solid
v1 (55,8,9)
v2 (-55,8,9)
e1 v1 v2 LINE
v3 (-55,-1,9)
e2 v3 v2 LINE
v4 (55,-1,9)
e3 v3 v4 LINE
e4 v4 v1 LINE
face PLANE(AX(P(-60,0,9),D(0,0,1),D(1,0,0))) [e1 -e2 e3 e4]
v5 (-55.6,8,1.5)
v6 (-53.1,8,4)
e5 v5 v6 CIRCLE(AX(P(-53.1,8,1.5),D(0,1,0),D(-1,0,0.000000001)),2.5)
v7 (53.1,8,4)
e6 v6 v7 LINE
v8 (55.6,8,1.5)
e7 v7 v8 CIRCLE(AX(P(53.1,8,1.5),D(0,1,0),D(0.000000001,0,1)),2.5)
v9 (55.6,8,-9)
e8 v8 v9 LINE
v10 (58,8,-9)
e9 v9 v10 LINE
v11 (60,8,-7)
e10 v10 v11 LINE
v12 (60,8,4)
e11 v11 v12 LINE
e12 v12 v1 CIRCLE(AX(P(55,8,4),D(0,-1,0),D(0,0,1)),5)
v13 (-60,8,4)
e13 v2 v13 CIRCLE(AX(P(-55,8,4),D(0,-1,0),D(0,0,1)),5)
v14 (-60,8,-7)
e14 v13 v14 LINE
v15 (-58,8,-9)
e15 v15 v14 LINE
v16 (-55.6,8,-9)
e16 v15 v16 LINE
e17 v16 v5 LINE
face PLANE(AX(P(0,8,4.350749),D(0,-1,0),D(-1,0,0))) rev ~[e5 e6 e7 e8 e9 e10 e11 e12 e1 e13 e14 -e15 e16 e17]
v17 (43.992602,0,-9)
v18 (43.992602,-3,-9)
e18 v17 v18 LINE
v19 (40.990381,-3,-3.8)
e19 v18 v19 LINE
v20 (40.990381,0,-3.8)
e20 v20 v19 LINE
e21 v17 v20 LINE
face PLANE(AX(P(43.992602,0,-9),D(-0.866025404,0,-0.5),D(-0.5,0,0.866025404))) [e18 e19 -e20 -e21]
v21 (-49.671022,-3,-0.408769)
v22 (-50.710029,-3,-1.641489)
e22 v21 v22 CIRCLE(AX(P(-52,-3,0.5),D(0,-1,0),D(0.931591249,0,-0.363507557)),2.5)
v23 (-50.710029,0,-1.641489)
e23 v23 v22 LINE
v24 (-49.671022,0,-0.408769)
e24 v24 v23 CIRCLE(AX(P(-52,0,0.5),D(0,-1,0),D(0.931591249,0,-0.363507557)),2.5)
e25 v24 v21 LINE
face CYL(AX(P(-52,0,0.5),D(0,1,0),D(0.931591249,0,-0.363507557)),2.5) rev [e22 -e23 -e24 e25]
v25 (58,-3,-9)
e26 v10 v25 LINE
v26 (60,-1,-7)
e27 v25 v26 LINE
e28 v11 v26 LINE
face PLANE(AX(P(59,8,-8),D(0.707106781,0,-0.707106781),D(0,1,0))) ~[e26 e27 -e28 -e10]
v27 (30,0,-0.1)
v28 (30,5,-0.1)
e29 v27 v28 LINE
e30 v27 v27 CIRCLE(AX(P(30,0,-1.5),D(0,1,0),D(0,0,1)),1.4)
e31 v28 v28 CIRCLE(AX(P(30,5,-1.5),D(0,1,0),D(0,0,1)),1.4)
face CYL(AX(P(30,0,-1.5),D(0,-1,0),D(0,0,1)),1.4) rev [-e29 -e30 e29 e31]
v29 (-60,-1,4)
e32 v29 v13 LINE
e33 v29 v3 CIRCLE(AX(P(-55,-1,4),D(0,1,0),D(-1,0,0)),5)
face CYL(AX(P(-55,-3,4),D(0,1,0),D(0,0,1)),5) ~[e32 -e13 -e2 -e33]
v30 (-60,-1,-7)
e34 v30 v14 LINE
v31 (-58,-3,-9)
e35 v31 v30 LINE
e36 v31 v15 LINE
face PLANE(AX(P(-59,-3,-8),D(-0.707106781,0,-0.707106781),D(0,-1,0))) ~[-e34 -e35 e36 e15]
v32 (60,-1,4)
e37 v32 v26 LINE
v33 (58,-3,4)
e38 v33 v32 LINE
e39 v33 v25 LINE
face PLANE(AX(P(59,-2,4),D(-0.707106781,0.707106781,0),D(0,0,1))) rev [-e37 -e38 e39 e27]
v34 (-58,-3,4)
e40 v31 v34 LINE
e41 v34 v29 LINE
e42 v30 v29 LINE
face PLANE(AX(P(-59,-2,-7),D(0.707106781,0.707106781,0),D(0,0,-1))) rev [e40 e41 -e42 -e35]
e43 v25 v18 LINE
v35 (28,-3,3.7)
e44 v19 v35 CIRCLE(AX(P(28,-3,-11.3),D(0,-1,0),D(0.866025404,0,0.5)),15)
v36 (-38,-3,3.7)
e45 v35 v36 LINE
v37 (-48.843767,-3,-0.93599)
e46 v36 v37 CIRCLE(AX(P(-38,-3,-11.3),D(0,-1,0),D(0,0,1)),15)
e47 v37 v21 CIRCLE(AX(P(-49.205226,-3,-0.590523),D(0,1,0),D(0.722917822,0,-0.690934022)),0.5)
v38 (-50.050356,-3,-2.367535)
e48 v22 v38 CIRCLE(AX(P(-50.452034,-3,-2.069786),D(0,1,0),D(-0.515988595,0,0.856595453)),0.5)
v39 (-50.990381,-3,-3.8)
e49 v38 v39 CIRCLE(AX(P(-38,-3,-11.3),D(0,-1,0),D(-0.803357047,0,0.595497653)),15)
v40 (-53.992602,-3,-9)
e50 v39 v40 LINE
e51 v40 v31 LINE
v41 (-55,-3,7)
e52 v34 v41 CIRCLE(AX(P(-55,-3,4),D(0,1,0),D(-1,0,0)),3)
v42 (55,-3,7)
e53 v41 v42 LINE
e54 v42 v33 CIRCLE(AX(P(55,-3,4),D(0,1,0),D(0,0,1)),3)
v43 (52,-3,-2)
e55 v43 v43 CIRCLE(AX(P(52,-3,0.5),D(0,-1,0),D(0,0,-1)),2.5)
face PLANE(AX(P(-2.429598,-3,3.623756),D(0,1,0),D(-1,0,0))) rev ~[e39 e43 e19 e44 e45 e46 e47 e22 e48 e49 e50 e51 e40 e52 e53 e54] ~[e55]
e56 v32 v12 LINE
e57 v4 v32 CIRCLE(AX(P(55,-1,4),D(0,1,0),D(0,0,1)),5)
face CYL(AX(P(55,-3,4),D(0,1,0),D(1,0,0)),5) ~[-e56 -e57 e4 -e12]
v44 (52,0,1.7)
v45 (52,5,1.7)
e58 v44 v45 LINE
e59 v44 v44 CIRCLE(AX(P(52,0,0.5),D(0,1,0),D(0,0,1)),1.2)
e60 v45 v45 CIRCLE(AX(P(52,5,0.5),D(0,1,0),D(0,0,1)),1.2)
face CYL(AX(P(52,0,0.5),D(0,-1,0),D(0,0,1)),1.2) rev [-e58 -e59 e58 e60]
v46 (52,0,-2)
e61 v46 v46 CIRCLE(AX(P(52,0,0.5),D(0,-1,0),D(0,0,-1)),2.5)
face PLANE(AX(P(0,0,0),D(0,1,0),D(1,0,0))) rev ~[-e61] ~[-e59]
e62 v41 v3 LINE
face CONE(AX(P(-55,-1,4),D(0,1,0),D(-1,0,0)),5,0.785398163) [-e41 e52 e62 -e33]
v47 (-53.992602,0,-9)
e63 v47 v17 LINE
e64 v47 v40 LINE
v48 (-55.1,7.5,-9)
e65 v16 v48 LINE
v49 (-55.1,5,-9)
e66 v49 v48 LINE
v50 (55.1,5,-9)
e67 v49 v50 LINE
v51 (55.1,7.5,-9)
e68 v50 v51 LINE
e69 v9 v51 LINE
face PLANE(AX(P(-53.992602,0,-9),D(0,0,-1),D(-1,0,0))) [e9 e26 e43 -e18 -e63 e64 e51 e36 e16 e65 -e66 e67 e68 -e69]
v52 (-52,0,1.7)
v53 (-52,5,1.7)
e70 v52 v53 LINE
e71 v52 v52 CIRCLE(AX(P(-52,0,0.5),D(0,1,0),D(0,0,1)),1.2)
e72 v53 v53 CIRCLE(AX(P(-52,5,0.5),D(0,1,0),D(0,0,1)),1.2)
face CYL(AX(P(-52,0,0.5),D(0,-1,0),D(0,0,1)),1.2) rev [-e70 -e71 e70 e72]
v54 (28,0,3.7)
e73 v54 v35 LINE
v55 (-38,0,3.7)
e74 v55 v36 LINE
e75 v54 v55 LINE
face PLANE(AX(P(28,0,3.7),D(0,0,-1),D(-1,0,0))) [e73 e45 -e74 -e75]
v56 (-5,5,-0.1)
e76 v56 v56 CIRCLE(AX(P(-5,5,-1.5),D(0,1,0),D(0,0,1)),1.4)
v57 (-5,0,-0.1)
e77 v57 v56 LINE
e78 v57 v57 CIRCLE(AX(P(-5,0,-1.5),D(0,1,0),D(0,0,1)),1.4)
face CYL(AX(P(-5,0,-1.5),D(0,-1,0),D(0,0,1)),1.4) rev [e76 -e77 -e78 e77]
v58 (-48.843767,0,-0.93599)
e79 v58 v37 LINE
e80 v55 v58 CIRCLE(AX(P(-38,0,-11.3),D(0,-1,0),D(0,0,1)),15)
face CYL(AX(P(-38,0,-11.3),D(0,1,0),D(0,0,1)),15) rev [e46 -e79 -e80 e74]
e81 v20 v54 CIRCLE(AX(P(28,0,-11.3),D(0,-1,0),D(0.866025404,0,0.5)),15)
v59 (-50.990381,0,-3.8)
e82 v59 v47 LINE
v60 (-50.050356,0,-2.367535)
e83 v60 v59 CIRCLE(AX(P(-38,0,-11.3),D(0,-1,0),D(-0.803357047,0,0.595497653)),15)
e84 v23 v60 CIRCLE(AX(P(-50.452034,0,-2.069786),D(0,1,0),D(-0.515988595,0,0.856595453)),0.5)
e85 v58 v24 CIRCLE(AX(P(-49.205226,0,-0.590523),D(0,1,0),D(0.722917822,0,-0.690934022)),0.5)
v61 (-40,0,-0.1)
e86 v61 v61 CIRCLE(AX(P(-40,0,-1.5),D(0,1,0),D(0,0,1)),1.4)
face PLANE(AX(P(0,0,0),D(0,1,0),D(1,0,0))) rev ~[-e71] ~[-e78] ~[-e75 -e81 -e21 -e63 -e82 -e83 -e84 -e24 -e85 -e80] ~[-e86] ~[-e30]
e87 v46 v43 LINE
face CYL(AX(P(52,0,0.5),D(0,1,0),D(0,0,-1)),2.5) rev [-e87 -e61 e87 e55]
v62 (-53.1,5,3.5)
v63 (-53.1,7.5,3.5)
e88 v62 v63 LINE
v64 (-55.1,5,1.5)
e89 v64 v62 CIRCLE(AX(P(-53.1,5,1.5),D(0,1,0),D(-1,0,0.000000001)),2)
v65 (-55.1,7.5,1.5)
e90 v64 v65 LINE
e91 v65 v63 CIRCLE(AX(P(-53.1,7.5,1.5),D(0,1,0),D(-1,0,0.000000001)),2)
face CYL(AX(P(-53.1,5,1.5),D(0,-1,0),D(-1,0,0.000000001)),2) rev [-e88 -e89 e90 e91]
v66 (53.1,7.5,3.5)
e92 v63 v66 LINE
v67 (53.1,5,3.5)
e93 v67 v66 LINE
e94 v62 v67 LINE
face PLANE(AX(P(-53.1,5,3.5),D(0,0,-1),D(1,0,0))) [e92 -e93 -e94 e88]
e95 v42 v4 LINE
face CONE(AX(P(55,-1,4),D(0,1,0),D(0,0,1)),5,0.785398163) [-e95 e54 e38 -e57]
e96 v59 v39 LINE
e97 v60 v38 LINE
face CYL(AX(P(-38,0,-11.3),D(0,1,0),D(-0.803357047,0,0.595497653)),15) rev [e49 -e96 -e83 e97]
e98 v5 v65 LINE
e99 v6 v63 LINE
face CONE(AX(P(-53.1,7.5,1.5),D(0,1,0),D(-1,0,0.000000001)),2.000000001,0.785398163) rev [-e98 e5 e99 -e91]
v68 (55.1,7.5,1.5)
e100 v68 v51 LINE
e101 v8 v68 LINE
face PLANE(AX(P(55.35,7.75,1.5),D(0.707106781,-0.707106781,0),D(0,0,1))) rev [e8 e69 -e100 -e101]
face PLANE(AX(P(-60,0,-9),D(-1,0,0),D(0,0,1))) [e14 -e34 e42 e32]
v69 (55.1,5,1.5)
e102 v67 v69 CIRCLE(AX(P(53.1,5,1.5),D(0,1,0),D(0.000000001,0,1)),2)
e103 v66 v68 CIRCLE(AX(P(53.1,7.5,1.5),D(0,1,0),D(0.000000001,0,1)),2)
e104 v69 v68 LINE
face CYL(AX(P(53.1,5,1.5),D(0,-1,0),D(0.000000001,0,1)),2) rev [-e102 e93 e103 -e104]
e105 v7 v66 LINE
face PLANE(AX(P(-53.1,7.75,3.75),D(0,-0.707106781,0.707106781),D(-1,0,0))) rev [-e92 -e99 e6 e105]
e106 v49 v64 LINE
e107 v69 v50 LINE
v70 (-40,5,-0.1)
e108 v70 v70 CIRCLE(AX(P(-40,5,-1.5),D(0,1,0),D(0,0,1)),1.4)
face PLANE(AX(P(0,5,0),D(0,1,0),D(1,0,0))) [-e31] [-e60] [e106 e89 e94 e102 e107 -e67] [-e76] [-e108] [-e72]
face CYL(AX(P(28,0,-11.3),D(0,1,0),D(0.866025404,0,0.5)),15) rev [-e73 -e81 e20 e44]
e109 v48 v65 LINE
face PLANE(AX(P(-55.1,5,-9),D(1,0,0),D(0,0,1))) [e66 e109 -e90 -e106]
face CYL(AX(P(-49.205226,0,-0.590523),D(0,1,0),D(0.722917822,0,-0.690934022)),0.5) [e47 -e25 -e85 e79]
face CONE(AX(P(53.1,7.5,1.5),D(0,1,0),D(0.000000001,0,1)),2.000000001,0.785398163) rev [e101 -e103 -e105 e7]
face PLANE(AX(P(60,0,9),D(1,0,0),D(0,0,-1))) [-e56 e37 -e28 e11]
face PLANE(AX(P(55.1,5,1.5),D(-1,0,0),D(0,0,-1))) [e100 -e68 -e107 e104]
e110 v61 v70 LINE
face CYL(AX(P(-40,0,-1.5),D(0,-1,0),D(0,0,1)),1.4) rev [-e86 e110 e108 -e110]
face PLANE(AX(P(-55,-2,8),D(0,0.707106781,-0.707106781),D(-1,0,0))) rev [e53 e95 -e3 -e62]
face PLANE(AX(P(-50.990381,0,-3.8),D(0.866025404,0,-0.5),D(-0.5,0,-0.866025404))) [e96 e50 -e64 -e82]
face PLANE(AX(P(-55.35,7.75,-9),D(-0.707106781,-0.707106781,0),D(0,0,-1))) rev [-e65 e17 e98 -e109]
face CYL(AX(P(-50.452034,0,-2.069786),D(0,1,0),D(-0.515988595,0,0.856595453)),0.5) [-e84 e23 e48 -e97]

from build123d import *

# Parameters (mm, degrees)
SKETCH_1_W      = 120
SKETCH_1_H      = 18
SKETCH_1_R      = 1.4
SKETCH_1_R_2    = 1.2
EXTRUDE_1_DEPTH = 5
EXTRUDE_2_DEPTH = 3
SKETCH_3_R      = 2.5
EXTRUDE_3_DEPTH = 3
FILLET_1_R      = 5
CHAMFER_1_SIZE  = 0.5
CHAMFER_2_SIZE  = 2
CHAMFER_3_SIZE  = 2


with BuildPart() as part:
    # 草图1 → 凸台-拉伸1 (new body)
    with BuildSketch(Plane(origin=(0, 0, 0), x_dir=(1, 0, 0), z_dir=(0, 1, 0))):
        Rectangle(SKETCH_1_W, SKETCH_1_H)
        with Locations((30, 1.5)):
            Circle(SKETCH_1_R, mode=Mode.SUBTRACT)
        with Locations((-5, 1.5)):
            Circle(SKETCH_1_R, mode=Mode.SUBTRACT)
        with Locations((-40, 1.5)):
            Circle(SKETCH_1_R, mode=Mode.SUBTRACT)
        with Locations((52, -0.5)):
            Circle(SKETCH_1_R_2, mode=Mode.SUBTRACT)
        with Locations((-52, -0.5)):
            Circle(SKETCH_1_R_2, mode=Mode.SUBTRACT)
    extrude(amount=EXTRUDE_1_DEPTH)

    # 草图2 → 凸台-拉伸2 (add)
    with BuildSketch(Plane(origin=(0, 5, 0), x_dir=(1, 0, 0), z_dir=(0, 1, 0))):
        with BuildLine():
            Line((-55.1, 9), (-55.1, -1.5))
            ThreePointArc((-55.1, -1.5), (-54.514213562, -2.914213562), (-53.1, -3.5))
            Line((-53.1, -3.5), (53.1, -3.5))
            ThreePointArc((53.1, -3.5), (54.514213562, -2.914213562), (55.1, -1.5))
            Line((55.1, -1.5), (55.1, 9))
            Line((55.1, 9), (60, 9))
            Line((60, 9), (60, -9))
            Line((60, -9), (-60, -9))
            Line((-60, -9), (-60, 9))
            Line((-60, 9), (-55.1, 9))
        make_face()
    extrude(amount=EXTRUDE_2_DEPTH)

    # 草图3 → 凸台-拉伸3 (add)
    with BuildSketch(Plane.XZ):
        with BuildLine():
            Line((-50.990381057, -3.8), (-53.992602457, -9))
            Line((-53.992602457, -9), (-60, -9))
            Line((-60, -9), (-60, 9))
            Line((-60, 9), (60, 9))
            Line((60, 9), (60, -9))
            Line((60, -9), (43.992602457, -9))
            Line((43.992602457, -9), (40.990381057, -3.8))
            ThreePointArc((40.990381057, -3.8), (35.5, 1.690381057), (28, 3.7))
            Line((28, 3.7), (-38, 3.7))
            ThreePointArc((-38, 3.7), (-43.896602634, 2.492392011), (-48.843767341, -0.935989683))
            ThreePointArc((-48.843767341, -0.935989683), (-49.473949116, -1.012171842), (-49.671021877, -0.408768893))
            ThreePointArc((-49.671021877, -0.408768893), (-53.911569658, 2.11118014), (-50.710028515, -1.641488634))
            ThreePointArc((-50.710028515, -1.641488634), (-50.081970455, -1.733553091), (-50.050355695, -2.367535187))
            ThreePointArc((-50.050355695, -2.367535187), (-50.540837816, -3.070334948), (-50.990381057, -3.8))
        make_face()
        with Locations((52, 0.5)):
            Circle(SKETCH_3_R, mode=Mode.SUBTRACT)
    extrude(amount=EXTRUDE_3_DEPTH)

    # 圆角1
    fillet_1_edges = [part.edges().sort_by_distance(p)[0] for p in [
        (60, 2.5, 9),
        (-60, 2.5, 9),
    ]]
    fillet(fillet_1_edges, radius=FILLET_1_R)

    # 倒角1
    chamfer_1_edges = [part.edges().sort_by_distance(p)[0] for p in [
        (55.1, 8, -3.75),
        (-55.1, 8, -3.75),
        (54.514213562, 8, 2.914213562),
        (-54.514213562, 8, 2.914213562),
        (0, 8, 3.5),
    ]]
    chamfer(chamfer_1_edges, length=CHAMFER_1_SIZE)

    # 倒角2
    chamfer_2_edges = [part.edges().sort_by_distance(p)[0] for p in [
        (-60, 2.5, -9),
        (60, 2.5, -9),
    ]]
    chamfer(chamfer_2_edges, length=CHAMFER_2_SIZE)

    # 倒角3
    chamfer_3_edges = [part.edges().sort_by_distance(p)[0] for p in [
        (60, -3, -1.5),
        (-60, -3, -1.5),
        (58.535533906, -3, 7.535533906),
        (-58.535533906, -3, 7.535533906),
        (0, -3, 9),
    ]]
    chamfer(chamfer_3_edges, length=CHAMFER_3_SIZE)


solid = part.part
